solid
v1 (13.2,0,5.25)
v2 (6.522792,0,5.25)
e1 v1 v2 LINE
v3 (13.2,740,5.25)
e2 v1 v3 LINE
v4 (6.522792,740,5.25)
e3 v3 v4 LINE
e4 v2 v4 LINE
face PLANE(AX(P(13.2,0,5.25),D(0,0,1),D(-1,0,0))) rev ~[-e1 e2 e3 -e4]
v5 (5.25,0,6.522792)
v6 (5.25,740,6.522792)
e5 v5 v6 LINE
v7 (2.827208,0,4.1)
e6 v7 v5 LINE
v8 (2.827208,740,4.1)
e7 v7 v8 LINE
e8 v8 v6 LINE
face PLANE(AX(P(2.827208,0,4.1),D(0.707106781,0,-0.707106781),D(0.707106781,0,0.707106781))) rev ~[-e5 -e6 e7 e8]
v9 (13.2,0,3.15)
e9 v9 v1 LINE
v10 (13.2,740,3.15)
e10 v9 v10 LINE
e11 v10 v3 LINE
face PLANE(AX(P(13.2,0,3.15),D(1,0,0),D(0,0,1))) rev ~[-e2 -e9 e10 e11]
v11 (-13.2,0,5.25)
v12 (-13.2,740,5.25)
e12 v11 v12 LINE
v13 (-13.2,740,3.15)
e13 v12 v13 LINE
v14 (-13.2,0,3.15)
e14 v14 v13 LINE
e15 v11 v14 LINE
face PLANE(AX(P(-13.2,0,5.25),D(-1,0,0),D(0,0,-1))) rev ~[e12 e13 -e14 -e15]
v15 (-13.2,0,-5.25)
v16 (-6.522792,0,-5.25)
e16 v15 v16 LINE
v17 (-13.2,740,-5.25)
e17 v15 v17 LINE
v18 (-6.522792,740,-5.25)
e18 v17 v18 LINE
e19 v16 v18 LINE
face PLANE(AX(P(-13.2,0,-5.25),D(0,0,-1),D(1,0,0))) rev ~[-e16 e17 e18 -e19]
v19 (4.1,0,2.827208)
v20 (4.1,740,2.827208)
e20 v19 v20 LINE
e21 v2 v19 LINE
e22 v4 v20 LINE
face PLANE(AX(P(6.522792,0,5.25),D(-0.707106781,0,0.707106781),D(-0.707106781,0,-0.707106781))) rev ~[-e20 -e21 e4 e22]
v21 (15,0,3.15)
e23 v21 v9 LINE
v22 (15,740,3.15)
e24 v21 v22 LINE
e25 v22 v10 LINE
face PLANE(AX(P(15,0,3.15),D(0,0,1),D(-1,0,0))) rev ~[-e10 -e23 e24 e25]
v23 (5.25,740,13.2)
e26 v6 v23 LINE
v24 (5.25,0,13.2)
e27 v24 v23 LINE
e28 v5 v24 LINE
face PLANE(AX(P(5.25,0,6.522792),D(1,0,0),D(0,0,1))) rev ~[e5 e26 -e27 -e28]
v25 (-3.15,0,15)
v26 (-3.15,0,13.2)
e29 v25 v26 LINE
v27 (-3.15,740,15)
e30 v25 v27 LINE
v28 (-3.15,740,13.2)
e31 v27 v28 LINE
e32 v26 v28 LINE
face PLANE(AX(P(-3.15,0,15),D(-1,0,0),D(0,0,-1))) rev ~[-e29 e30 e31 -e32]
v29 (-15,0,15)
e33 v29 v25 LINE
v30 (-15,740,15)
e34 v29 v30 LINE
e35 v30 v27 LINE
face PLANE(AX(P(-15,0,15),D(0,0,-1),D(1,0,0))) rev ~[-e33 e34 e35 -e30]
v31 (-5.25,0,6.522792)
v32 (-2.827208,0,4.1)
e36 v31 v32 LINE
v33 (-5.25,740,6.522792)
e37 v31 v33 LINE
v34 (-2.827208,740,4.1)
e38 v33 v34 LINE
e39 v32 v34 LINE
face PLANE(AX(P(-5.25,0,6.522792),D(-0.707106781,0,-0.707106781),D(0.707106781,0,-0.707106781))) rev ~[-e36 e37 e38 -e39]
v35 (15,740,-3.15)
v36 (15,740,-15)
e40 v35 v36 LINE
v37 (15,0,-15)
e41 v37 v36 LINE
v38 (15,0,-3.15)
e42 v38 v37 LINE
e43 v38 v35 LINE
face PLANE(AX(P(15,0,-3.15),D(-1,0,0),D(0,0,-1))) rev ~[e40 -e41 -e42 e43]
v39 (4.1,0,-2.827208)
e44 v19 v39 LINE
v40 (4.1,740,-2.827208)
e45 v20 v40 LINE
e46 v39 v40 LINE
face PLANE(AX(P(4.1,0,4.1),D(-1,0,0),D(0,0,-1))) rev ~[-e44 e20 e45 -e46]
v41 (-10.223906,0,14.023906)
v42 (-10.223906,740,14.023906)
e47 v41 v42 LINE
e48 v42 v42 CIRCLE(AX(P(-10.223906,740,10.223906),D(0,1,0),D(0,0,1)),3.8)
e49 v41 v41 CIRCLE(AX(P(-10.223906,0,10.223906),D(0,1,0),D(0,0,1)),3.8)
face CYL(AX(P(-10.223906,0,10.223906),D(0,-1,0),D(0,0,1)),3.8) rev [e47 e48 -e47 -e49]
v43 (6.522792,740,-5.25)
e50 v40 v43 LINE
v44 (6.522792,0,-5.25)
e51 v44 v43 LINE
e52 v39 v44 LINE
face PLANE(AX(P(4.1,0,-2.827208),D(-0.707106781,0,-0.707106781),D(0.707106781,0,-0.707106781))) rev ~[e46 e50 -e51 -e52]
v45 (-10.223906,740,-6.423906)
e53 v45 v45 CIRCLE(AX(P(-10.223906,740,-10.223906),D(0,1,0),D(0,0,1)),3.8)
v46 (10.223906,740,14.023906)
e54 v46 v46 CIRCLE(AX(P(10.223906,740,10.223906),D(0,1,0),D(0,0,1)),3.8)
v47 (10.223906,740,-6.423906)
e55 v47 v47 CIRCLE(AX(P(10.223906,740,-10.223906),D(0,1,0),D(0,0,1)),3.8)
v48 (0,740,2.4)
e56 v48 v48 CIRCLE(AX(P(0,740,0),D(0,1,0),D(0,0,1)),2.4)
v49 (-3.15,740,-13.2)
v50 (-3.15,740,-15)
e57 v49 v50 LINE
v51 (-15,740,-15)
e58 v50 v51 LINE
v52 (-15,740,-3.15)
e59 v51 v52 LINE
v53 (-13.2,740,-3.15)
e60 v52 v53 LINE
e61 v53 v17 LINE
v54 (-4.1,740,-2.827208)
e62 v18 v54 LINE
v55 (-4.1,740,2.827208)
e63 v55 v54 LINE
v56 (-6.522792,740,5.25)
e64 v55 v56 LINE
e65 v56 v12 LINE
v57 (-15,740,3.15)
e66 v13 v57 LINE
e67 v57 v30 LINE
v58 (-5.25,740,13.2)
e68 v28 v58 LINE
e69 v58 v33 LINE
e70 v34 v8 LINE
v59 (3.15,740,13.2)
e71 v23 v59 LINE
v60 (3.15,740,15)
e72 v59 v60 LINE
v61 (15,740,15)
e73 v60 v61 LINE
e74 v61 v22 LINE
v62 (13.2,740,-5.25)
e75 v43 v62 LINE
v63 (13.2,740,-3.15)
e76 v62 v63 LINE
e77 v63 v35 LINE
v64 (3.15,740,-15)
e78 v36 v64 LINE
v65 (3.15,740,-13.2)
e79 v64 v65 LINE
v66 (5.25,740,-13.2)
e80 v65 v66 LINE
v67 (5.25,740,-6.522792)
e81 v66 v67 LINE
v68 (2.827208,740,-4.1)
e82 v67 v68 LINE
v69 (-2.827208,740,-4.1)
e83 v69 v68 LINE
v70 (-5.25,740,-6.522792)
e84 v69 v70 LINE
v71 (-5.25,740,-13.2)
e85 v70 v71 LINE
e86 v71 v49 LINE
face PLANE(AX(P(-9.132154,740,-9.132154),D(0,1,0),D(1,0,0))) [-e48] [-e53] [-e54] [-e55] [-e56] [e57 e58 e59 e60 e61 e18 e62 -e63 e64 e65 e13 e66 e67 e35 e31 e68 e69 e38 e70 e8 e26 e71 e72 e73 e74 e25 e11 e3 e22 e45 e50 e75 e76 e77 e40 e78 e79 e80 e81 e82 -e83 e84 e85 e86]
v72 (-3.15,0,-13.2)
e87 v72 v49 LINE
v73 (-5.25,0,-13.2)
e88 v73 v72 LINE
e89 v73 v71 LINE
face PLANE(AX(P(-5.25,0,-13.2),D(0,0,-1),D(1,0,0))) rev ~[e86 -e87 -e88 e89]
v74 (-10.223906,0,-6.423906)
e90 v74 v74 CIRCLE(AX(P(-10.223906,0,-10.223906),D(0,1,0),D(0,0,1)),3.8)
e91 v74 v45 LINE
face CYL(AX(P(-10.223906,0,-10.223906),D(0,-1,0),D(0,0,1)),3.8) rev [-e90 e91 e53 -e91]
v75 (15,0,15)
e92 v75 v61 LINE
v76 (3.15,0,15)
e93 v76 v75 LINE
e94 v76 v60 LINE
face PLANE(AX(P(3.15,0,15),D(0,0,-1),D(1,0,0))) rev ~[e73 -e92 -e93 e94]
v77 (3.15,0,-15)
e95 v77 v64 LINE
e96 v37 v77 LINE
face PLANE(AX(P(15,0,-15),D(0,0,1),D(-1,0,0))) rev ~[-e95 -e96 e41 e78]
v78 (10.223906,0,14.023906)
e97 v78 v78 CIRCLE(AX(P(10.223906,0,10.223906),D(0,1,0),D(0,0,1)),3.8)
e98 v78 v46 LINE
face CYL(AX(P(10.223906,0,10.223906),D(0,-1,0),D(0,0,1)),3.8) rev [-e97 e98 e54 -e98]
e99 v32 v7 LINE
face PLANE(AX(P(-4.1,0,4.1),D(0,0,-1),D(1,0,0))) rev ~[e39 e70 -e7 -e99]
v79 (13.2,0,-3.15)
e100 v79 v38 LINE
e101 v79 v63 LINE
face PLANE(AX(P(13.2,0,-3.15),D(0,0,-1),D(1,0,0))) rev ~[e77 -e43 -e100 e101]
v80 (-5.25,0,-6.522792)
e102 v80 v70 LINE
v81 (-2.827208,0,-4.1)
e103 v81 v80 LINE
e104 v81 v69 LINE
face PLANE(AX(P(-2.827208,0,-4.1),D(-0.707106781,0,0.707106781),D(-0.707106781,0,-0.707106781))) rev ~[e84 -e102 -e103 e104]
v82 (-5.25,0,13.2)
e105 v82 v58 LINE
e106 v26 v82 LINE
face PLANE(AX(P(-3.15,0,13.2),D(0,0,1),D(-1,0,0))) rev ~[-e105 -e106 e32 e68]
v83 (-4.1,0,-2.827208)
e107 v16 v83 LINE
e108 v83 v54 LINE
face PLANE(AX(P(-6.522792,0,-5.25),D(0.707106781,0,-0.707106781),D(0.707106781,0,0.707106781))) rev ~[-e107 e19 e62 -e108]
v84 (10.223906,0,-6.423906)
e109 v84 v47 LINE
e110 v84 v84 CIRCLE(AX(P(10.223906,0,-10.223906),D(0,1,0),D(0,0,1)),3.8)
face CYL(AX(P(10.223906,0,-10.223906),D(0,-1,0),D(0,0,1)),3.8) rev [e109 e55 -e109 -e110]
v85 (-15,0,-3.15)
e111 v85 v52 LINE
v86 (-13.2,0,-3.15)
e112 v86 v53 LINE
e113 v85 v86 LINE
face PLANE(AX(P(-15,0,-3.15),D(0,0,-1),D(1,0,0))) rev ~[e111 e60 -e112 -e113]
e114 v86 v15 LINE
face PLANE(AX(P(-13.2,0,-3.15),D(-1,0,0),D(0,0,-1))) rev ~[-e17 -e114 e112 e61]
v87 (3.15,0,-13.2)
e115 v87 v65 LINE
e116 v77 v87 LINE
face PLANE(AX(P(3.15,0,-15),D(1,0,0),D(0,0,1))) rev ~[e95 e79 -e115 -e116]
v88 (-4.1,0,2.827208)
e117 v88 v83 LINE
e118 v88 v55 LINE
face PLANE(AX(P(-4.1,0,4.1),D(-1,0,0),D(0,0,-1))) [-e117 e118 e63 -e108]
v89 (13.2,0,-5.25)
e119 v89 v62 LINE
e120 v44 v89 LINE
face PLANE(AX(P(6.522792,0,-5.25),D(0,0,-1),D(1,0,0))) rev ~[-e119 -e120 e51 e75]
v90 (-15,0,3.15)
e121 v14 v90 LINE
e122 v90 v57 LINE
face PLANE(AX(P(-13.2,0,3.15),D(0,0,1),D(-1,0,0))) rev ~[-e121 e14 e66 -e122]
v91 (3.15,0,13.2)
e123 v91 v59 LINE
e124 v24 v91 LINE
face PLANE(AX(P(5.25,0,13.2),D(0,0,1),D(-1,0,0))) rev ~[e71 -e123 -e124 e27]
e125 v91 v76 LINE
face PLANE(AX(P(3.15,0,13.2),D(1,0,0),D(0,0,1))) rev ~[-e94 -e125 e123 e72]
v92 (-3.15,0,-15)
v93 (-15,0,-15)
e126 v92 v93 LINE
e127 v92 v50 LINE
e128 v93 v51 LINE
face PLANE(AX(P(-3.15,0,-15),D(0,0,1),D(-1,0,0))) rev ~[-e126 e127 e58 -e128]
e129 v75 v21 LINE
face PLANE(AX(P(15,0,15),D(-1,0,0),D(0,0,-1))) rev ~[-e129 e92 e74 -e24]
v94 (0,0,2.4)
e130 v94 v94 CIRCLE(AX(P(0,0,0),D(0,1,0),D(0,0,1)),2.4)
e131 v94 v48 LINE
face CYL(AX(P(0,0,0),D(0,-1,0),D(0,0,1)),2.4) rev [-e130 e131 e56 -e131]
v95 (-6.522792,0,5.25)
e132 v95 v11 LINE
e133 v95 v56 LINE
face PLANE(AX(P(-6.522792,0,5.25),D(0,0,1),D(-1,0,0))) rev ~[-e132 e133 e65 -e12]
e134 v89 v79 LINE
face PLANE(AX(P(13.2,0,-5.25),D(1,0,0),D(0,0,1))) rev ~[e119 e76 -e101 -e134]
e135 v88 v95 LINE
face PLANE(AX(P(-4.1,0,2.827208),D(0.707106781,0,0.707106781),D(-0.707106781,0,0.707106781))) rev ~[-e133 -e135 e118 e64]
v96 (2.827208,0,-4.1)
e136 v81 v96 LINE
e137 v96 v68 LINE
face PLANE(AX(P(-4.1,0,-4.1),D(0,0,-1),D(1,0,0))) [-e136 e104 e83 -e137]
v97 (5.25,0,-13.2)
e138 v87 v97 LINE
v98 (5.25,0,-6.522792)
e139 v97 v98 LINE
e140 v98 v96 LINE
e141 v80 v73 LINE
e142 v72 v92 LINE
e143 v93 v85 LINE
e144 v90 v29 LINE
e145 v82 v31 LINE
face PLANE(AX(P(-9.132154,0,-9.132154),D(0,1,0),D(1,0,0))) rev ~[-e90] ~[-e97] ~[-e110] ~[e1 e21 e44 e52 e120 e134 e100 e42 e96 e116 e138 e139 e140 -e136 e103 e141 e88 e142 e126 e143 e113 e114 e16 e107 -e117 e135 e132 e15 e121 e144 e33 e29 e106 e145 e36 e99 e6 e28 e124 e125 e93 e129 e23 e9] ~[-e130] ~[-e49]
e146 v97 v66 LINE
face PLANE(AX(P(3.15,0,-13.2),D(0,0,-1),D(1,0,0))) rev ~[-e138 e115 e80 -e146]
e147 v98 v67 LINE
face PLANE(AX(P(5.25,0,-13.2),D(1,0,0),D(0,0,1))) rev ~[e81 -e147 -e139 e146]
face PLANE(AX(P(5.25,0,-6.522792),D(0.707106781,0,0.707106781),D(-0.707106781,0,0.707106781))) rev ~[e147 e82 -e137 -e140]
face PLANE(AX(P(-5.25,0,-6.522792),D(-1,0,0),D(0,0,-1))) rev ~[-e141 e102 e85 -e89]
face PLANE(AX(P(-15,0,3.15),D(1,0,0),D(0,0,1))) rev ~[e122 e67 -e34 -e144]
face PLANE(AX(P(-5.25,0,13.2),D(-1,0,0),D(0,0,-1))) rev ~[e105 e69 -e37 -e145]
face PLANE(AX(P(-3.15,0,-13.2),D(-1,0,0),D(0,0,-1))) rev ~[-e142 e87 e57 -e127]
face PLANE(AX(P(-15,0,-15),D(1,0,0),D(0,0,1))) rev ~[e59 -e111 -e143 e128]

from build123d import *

# Parameters (mm, degrees)
SKETCH_2_R      = 3.8
SKETCH_2_W      = 8.2
SKETCH_2_H      = 8.2
SKETCH_2_R_2    = 2.4
EXTRUDE_1_DEPTH = 740


with BuildPart() as part:
    # 草图2 → 凸台-拉伸1 (new body)
    # profile 1 of 5: a face of its own
    with BuildSketch(Plane(origin=(0, 0, 0), x_dir=(1, 0, 0), z_dir=(0, 1, 0))):
        Polygon((-13.2, -3.15), (-15, -3.15), (-15, -15), (-3.15, -15), (-3.15, -13.2), (-5.25, -13.2), (-5.25, -6.522792206), (-2.827207794, -4.1), (-4.1, -4.1), (-4.1, -2.827207794), (-6.522792206, -5.25), (-13.2, -5.25), align=None)
        with Locations(Location((-10.223905857, -10.223905857, 0), (0, 0, 270))):
            Circle(SKETCH_2_R, mode=Mode.SUBTRACT)
    # profile 2 of 5: a face of its own
    with BuildSketch(Plane(origin=(0, 0, 0), x_dir=(1, 0, 0), z_dir=(0, 1, 0))):
        Rectangle(SKETCH_2_W, SKETCH_2_H)
        with Locations(Location((0, 0, 0), (0, 0, 270))):
            Circle(SKETCH_2_R_2, mode=Mode.SUBTRACT)
    # profile 3 of 5: a face of its own
    with BuildSketch(Plane(origin=(0, 0, 0), x_dir=(1, 0, 0), z_dir=(0, 1, 0))):
        Polygon((15, -15), (15, -3.15), (13.2, -3.15), (13.2, -5.25), (6.522792206, -5.25), (4.1, -2.827207794), (4.1, -4.1), (2.827207794, -4.1), (5.25, -6.522792206), (5.25, -13.2), (3.15, -13.2), (3.15, -15), align=None)
        with Locations(Location((10.223905857, -10.223905857, 0), (0, 0, 270))):
            Circle(SKETCH_2_R, mode=Mode.SUBTRACT)
    # profile 4 of 5: a face of its own
    with BuildSketch(Plane(origin=(0, 0, 0), x_dir=(1, 0, 0), z_dir=(0, 1, 0))):
        Polygon((15, 15), (3.15, 15), (3.15, 13.2), (5.25, 13.2), (5.25, 6.522792206), (2.827207794, 4.1), (4.1, 4.1), (4.1, 2.827207794), (6.522792206, 5.25), (13.2, 5.25), (13.2, 3.15), (15, 3.15), align=None)
        with Locations(Location((10.223905857, 10.223905857, 0), (0, 0, 270))):
            Circle(SKETCH_2_R, mode=Mode.SUBTRACT)
    # profile 5 of 5: a face of its own
    with BuildSketch(Plane(origin=(0, 0, 0), x_dir=(1, 0, 0), z_dir=(0, 1, 0))):
        Polygon((-3.15, 13.2), (-3.15, 15), (-15, 15), (-15, 3.15), (-13.2, 3.15), (-13.2, 5.25), (-6.522792206, 5.25), (-4.1, 2.827207794), (-4.1, 4.1), (-2.827207794, 4.1), (-5.25, 6.522792206), (-5.25, 13.2), align=None)
        with Locations(Location((-10.223905857, 10.223905857, 0), (0, 0, 270))):
            Circle(SKETCH_2_R, mode=Mode.SUBTRACT)
    extrude(amount=EXTRUDE_1_DEPTH)


solid = part.part
